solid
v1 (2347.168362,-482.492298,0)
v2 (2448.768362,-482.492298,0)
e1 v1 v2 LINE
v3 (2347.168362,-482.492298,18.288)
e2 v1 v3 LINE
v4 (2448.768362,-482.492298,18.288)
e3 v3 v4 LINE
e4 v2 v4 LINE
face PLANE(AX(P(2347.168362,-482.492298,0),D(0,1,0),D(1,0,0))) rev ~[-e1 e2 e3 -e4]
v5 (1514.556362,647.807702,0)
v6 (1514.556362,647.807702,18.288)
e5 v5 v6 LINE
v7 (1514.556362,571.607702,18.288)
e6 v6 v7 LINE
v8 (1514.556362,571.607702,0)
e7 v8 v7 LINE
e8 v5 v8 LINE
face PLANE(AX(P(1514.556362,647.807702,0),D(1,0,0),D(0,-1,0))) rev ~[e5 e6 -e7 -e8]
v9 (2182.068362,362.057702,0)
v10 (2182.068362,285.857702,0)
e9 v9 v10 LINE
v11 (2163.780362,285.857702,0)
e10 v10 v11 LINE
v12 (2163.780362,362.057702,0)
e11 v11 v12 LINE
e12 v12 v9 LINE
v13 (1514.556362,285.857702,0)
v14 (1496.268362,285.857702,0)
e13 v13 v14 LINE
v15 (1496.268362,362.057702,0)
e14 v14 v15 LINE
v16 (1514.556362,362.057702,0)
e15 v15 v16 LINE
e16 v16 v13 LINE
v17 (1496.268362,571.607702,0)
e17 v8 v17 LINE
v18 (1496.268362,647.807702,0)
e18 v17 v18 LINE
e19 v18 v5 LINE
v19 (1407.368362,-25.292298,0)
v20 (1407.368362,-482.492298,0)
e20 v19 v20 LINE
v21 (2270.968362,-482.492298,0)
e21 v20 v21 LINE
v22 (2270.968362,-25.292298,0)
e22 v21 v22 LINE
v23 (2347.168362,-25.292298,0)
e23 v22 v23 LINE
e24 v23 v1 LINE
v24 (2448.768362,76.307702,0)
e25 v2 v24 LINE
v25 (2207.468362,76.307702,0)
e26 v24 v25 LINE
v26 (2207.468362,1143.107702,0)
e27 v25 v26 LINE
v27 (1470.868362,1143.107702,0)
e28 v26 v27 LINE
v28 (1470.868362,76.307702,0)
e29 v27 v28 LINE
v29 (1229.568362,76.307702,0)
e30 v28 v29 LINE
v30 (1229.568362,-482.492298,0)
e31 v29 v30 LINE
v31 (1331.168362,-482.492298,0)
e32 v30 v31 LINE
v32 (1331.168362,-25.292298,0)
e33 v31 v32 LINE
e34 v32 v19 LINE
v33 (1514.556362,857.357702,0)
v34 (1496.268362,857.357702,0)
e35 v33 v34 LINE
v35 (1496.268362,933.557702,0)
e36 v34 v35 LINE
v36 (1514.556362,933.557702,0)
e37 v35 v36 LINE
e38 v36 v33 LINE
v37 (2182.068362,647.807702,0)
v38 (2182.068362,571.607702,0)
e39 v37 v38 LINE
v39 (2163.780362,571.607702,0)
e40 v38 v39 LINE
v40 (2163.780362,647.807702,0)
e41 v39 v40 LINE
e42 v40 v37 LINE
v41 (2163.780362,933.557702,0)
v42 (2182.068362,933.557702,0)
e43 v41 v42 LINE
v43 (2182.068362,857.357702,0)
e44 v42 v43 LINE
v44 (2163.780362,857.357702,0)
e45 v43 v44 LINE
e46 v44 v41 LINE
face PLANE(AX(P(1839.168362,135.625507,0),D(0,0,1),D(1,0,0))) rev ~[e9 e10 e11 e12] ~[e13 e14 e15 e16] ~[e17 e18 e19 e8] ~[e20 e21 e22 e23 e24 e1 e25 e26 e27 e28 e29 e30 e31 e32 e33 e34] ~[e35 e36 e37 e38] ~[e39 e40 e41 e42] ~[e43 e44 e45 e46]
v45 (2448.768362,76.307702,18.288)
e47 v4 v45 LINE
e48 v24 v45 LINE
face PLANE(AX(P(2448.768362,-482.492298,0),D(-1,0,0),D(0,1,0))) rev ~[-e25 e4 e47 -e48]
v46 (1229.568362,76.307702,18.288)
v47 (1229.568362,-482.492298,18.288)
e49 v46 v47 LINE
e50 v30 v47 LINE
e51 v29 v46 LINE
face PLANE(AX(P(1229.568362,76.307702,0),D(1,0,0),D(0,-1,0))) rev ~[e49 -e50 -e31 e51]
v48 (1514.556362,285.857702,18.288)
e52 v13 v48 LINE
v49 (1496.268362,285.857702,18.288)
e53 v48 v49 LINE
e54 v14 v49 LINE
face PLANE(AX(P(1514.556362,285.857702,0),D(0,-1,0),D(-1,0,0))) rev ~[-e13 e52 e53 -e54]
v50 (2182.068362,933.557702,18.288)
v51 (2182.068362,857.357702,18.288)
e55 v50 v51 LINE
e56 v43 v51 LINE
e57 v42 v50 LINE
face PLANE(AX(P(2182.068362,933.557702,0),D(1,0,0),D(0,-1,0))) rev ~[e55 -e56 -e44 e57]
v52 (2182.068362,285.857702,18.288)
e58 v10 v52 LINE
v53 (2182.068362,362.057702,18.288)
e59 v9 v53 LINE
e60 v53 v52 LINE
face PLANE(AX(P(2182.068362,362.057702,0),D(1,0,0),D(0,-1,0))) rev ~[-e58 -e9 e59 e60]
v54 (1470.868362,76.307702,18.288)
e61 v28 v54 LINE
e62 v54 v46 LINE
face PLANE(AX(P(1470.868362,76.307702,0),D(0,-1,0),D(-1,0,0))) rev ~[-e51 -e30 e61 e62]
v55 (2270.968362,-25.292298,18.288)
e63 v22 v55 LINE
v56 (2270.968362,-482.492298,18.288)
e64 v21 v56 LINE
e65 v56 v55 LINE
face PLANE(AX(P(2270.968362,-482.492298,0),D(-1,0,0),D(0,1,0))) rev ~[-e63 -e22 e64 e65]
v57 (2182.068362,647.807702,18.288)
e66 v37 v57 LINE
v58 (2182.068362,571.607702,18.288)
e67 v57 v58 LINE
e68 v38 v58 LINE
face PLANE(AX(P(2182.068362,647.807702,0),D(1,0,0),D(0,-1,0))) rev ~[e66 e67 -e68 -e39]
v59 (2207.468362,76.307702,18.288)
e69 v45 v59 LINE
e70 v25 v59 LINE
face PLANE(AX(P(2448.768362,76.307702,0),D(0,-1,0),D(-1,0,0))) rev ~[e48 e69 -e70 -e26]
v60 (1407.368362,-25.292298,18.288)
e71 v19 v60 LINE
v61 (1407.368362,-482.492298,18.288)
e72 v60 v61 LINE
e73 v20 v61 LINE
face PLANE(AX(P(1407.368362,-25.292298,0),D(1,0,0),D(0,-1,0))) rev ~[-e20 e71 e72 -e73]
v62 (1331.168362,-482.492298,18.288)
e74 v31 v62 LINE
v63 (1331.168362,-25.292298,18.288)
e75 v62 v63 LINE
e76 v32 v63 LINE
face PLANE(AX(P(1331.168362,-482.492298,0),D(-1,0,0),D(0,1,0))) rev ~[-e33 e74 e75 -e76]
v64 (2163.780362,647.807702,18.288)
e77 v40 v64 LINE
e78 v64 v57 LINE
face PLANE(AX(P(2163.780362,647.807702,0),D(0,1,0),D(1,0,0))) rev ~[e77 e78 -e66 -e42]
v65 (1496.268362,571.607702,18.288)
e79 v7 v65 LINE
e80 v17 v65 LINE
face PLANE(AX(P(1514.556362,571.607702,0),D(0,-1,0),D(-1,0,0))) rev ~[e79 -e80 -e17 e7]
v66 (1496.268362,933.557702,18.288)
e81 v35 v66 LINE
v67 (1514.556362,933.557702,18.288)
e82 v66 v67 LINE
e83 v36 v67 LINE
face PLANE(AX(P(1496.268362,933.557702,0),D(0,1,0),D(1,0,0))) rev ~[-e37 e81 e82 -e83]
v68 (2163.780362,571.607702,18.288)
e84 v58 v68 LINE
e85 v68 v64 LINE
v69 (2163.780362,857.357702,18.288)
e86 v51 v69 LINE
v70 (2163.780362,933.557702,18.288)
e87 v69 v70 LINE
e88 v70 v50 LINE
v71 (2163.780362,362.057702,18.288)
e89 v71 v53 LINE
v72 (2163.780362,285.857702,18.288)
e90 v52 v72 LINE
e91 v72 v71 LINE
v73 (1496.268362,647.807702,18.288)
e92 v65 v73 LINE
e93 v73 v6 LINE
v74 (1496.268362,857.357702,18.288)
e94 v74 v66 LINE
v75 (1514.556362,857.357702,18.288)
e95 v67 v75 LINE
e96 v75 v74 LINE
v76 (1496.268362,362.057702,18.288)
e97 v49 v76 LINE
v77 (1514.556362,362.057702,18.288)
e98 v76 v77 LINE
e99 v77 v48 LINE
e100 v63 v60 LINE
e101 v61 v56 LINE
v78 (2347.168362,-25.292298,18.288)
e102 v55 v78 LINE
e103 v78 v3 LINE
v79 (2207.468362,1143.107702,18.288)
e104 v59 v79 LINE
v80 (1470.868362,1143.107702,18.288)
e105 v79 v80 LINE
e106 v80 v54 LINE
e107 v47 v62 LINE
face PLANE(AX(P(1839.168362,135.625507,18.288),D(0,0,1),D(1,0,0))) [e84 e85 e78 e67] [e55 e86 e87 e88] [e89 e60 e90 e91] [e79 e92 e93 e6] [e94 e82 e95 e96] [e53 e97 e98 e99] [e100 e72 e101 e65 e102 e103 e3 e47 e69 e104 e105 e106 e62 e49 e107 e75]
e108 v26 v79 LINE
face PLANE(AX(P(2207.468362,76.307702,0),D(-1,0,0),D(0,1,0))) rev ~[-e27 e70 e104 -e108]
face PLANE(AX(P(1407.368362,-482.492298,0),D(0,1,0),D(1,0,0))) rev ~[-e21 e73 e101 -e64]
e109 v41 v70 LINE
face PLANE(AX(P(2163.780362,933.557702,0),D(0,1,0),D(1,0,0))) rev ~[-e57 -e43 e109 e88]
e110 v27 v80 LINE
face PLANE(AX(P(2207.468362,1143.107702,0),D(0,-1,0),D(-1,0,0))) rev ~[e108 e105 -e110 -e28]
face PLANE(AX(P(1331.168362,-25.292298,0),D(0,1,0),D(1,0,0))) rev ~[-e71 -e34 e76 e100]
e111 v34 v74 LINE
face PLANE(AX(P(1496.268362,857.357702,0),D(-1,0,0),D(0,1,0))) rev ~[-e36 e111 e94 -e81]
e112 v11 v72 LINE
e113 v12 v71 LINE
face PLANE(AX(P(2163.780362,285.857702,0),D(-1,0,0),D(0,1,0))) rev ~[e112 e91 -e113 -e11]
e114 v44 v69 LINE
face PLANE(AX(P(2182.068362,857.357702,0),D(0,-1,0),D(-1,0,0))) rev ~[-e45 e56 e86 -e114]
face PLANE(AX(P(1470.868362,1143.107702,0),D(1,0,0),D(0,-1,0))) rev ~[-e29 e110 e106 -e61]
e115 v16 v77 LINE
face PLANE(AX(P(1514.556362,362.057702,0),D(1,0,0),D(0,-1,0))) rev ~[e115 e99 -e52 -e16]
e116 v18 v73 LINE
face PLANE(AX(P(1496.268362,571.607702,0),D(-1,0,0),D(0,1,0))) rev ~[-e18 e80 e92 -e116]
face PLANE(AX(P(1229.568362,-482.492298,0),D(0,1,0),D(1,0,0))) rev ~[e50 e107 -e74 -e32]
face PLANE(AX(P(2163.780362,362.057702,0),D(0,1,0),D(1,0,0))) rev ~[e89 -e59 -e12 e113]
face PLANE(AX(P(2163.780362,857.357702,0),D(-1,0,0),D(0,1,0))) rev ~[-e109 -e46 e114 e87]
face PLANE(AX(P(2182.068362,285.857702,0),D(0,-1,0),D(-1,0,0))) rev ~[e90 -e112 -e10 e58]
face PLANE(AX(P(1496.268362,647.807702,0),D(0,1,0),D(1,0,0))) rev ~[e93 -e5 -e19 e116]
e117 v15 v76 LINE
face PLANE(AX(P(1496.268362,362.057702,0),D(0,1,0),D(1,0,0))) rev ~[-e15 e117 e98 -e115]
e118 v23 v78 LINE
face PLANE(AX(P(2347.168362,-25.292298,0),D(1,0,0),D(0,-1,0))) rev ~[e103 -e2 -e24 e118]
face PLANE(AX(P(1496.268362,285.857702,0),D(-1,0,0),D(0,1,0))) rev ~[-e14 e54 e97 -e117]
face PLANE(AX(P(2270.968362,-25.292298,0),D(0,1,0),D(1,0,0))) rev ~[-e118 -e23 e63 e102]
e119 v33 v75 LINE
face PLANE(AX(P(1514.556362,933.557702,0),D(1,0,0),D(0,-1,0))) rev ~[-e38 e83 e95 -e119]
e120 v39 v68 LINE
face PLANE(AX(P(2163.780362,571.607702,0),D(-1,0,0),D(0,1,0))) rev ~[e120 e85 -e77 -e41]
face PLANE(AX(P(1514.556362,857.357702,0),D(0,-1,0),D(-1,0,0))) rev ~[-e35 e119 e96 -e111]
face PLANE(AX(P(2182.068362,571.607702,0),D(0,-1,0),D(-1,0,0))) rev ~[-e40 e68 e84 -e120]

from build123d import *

# Parameters (mm, degrees)
F1_DEPTH = 18.288


with BuildPart() as f1:
    # F0 (on Top) → F1 (new body)
    with BuildSketch(Plane.XY):
        Polygon((1470.868362, 76.307702), (1229.568362, 76.307702), (1229.568362, -482.492298), (1331.168362, -482.492298), (1331.168362, -25.292298), (1407.368362, -25.292298), (1407.368362, -482.492298), (2270.968362, -482.492298), (2270.968362, -25.292298), (2347.168362, -25.292298), (2347.168362, -482.492298), (2448.768362, -482.492298), (2448.768362, 76.307702), (2207.468362, 76.307702), (2182.068362, 76.307702), (2182.068362, 285.857702), (2163.780362, 285.857702), (2163.780362, 362.057702), (2182.068362, 362.057702), (2182.068362, 571.607702), (2163.780362, 571.607702), (2163.780362, 647.807702), (2182.068362, 647.807702), (2182.068362, 857.357702), (2163.780362, 857.357702), (2163.780362, 933.557702), (2182.068362, 933.557702), (2182.068362, 1143.107702), (1496.268362, 1143.107702), (1496.268362, 933.557702), (1514.556362, 933.557702), (1514.556362, 857.357702), (1496.268362, 857.357702), (1496.268362, 647.807702), (1514.556362, 647.807702), (1514.556362, 571.607702), (1496.268362, 571.607702), (1496.268362, 362.057702), (1514.556362, 362.057702), (1514.556362, 285.857702), (1496.268362, 285.857702), (1496.268362, 76.307702), align=None)
        Polygon((1496.268362, 1143.107702), (1470.868362, 1143.107702), (1470.868362, 76.307702), (1496.268362, 76.307702), (1496.268362, 285.857702), (1496.268362, 362.057702), (1496.268362, 571.607702), (1496.268362, 647.807702), (1496.268362, 857.357702), (1496.268362, 933.557702), align=None)
        Polygon((2207.468362, 1143.107702), (2182.068362, 1143.107702), (2182.068362, 933.557702), (2182.068362, 857.357702), (2182.068362, 647.807702), (2182.068362, 571.607702), (2182.068362, 362.057702), (2182.068362, 285.857702), (2182.068362, 76.307702), (2207.468362, 76.307702), align=None)
    extrude(amount=F1_DEPTH)


solid = f1.part
